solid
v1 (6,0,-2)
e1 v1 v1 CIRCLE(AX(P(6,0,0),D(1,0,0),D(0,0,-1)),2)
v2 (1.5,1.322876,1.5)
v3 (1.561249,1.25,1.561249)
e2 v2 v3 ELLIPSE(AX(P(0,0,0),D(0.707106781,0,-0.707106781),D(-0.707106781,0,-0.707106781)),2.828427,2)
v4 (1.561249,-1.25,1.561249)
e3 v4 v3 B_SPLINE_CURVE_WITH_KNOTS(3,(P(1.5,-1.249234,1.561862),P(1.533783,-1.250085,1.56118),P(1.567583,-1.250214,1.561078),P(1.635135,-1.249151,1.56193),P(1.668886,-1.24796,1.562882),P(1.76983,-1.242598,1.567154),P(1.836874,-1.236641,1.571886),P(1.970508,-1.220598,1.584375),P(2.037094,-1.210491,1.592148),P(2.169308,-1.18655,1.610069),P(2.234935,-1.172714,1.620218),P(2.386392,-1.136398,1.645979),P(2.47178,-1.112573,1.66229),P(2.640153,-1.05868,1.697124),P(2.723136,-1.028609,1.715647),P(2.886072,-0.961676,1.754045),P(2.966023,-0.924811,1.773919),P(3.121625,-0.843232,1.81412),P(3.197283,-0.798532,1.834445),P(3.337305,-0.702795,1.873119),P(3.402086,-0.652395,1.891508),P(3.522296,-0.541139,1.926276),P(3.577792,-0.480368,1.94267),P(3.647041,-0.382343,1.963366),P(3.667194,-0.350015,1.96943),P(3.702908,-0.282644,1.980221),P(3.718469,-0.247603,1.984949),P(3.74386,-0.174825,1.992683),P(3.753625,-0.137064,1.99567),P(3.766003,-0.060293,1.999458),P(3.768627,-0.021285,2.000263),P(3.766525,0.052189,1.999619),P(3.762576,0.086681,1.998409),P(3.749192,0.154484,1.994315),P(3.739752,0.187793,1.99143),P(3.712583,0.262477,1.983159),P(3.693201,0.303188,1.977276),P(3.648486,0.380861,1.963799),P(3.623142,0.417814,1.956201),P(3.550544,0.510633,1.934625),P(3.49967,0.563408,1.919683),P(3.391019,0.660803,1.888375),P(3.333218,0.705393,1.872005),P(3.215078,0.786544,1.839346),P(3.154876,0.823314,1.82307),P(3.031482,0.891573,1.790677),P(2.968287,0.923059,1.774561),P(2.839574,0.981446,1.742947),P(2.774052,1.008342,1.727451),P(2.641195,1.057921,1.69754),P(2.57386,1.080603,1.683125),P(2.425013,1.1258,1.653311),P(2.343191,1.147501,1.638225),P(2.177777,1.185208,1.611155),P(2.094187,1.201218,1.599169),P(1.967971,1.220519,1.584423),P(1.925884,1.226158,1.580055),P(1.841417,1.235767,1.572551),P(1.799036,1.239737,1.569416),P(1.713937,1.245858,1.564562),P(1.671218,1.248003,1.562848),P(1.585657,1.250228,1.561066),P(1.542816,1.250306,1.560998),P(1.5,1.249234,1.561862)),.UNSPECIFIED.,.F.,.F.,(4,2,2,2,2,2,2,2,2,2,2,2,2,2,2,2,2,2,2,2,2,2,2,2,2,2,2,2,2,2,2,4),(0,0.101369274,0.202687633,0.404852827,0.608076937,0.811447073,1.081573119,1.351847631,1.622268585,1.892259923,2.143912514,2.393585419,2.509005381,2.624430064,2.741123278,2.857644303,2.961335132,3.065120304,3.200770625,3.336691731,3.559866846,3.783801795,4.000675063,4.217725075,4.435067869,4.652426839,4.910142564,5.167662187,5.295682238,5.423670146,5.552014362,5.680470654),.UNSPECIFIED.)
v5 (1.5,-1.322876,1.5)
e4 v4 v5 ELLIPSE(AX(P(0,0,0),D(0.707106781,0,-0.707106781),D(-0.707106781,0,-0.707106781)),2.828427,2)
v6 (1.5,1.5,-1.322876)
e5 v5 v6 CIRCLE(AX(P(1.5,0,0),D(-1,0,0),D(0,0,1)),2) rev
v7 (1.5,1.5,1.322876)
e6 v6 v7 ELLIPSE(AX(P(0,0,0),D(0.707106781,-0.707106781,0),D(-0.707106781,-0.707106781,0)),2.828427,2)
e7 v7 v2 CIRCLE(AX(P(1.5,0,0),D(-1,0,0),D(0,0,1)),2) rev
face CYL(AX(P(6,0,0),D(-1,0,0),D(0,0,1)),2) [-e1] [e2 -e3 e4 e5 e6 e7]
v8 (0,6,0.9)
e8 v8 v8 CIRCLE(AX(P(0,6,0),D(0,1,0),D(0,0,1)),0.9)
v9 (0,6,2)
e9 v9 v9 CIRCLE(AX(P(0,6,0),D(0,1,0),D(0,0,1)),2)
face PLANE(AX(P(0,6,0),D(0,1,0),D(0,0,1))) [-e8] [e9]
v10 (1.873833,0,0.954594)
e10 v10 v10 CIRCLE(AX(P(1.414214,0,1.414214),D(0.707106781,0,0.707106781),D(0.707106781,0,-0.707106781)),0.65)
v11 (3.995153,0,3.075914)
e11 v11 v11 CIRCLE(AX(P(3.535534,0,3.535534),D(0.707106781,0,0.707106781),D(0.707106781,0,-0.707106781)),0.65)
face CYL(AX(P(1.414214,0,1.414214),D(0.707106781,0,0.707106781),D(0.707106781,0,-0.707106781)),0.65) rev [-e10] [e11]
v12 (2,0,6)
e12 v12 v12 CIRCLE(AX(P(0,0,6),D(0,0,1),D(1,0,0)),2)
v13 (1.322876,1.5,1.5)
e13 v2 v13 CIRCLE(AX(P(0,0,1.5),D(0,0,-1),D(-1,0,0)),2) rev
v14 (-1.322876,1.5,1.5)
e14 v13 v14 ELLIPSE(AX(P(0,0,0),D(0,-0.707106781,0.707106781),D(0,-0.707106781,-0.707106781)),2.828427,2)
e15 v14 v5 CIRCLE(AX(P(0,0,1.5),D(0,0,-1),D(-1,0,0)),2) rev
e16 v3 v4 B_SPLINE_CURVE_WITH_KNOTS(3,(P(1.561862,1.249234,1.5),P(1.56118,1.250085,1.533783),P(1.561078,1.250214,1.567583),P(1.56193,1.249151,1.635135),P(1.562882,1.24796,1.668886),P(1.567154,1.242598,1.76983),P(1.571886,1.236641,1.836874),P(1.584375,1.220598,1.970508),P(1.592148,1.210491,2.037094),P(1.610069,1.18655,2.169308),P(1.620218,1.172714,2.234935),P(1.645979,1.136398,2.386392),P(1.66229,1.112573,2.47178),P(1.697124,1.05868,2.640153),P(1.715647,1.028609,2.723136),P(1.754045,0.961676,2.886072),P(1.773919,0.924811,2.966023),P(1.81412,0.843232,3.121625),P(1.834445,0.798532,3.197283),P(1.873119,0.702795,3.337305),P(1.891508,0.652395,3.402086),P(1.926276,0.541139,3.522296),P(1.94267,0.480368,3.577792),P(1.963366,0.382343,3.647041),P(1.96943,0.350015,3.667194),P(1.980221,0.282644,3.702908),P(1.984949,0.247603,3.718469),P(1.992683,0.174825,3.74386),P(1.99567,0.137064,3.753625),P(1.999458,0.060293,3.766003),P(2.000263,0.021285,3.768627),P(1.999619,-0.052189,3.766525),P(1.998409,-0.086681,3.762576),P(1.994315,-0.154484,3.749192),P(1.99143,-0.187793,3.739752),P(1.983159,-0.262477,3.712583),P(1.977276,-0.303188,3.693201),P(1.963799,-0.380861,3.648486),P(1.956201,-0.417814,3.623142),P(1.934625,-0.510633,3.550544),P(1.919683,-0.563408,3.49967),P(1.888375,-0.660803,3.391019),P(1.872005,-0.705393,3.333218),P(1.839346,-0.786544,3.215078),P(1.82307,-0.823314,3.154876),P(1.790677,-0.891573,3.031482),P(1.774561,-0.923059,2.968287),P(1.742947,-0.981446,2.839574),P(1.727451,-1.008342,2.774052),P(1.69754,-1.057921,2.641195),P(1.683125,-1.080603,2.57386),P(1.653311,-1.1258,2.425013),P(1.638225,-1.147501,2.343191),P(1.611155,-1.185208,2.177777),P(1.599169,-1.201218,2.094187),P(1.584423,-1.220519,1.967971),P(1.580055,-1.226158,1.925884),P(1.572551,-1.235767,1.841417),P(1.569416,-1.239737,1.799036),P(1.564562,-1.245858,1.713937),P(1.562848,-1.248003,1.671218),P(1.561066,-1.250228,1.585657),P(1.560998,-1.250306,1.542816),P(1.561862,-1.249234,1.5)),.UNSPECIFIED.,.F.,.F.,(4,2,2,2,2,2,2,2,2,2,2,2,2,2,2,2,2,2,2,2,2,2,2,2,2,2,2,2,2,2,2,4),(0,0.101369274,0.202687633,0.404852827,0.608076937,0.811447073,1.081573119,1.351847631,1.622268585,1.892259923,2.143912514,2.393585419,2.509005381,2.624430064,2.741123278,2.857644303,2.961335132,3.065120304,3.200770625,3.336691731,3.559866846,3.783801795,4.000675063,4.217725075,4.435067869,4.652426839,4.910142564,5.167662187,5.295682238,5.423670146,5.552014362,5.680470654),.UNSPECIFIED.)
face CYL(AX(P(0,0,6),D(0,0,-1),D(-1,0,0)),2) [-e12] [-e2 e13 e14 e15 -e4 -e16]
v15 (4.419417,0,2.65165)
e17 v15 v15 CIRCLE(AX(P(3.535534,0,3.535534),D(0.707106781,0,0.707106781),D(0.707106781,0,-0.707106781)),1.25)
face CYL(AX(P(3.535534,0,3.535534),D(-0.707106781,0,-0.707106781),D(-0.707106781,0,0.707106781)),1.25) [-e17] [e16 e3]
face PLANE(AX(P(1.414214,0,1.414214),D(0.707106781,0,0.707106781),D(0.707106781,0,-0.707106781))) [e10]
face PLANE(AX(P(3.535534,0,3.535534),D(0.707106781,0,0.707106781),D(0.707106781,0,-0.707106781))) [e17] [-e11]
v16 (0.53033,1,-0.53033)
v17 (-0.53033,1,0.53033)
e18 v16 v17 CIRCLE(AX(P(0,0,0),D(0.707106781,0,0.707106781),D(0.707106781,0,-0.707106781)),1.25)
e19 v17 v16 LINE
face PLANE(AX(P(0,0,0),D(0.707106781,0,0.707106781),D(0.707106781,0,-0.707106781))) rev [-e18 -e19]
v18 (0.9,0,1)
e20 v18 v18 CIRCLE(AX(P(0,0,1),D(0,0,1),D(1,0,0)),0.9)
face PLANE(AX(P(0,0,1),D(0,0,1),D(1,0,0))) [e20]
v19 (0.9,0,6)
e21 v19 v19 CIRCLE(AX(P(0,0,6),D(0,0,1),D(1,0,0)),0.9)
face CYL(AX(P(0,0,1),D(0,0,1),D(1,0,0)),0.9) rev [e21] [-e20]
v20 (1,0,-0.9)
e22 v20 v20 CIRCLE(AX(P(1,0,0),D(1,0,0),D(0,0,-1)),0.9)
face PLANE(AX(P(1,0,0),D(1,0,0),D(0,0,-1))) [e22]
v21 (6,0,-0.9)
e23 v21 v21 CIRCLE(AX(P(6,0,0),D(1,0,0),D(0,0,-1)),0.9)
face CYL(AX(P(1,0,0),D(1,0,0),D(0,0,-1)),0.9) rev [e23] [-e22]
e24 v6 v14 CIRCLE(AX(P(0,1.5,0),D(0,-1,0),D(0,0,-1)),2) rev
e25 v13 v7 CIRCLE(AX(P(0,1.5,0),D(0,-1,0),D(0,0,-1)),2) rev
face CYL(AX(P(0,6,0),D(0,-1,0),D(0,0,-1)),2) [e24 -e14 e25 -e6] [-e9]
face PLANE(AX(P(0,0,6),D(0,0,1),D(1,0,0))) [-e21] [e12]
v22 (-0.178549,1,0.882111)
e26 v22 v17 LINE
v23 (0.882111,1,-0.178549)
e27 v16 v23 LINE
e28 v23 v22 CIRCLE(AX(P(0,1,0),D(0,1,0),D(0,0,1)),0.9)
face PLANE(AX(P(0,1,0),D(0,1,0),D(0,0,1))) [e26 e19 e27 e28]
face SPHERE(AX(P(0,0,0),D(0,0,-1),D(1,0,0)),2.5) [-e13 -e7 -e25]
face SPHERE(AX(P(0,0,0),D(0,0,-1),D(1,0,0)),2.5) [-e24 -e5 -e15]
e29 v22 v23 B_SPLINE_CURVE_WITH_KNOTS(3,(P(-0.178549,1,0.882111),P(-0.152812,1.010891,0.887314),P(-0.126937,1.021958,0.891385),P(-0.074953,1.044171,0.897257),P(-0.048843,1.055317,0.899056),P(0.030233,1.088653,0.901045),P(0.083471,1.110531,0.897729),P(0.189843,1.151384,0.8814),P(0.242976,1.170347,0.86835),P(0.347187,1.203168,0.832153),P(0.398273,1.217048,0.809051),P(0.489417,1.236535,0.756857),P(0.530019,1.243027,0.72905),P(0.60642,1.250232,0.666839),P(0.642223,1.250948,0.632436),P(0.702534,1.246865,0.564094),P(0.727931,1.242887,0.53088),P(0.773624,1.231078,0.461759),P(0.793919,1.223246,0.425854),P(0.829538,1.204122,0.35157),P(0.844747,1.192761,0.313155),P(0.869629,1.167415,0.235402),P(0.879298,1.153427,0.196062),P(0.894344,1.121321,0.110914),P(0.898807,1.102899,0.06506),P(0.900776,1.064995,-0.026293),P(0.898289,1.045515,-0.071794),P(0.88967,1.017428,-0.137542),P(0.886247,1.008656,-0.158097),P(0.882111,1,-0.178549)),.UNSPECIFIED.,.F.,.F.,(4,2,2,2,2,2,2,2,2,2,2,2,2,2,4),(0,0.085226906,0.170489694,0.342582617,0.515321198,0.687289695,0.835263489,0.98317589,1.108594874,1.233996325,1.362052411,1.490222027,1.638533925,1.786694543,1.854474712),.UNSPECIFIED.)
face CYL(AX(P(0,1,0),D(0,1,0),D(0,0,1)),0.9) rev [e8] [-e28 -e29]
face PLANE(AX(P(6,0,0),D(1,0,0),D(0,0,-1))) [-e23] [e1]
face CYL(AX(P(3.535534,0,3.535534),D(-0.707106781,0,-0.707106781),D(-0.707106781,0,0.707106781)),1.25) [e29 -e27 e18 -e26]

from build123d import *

# Parameters (mm, degrees)
SKETCH_2_R          = 2
EXTRUDE_1_DEPTH     = 6
SKETCH_3_R          = 2
EXTRUDE_2_DEPTH     = 6
SKETCH_4_R          = 2
EXTRUDE_3_DEPTH     = 6
SKETCH_6_R          = 0.9
CUT_EXTRUDE_1_DEPTH = 5
SKETCH_10_R         = 1.25
EXTRUDE_4_DEPTH     = 5
SKETCH_7_R          = 0.9
CUT_EXTRUDE_2_DEPTH = 5
SKETCH_8_R          = 0.9
CUT_EXTRUDE_3_DEPTH = 5
SKETCH_14_R         = 0.65
CUT_EXTRUDE_4_DEPTH = 3


with BuildPart() as part:
    # 草图2 → 凸台-拉伸1 (new body)
    with BuildSketch(Plane(origin=(0, 0, 0), x_dir=(1, 0, 0), z_dir=(0, 1, 0))):
        with Locations(Location((0, 0, 0), (0, 0, 270))):
            Circle(SKETCH_2_R)
    extrude(amount=EXTRUDE_1_DEPTH)

    # 草图3 → 凸台-拉伸2 (add)
    with BuildSketch(Plane.XY):
        Circle(SKETCH_3_R)
    extrude(amount=EXTRUDE_2_DEPTH)

    # 草图4 → 凸台-拉伸3 (add)
    with BuildSketch(Plane(origin=(0, 0, 0), x_dir=(0, 0, -1), z_dir=(1, 0, 0))):
        Circle(SKETCH_4_R)
    extrude(amount=EXTRUDE_3_DEPTH)

    # 草图5 → 旋转3 (revolve)
    with BuildSketch(Plane(origin=(0, 0, 0), x_dir=(1, 0, 0), z_dir=(0, 1, 0))):
        with BuildLine():
            Line((0, 2.5), (0, -2.5))
            ThreePointArc((0, -2.5), (-2.5, 0), (0, 2.5))
        make_face()
    revolve(axis=Axis((0, 0, -2.5), (0, 0, 1)))

    # 草图6 → 切除-拉伸1 (cut)
    with BuildSketch(Plane(origin=(0, 6, 0), x_dir=(1, 0, 0), z_dir=(0, 1, 0))):
        with Locations(Location((0, 0, 0), (0, 0, 270))):
            Circle(SKETCH_6_R)
    extrude(amount=-CUT_EXTRUDE_1_DEPTH, mode=Mode.SUBTRACT)

    # 草图10 → 凸台-拉伸4 (add)
    with BuildSketch(Plane(origin=(0, 0, 0), x_dir=(0.7071067811865461, 0, -0.707106781186549), z_dir=(0.707106781186549, 0, 0.7071067811865461))):
        with Locations(Location((0, 0, 0), (0, 0, 90.000016419))):
            Circle(SKETCH_10_R)
    extrude(amount=EXTRUDE_4_DEPTH)

    # 草图7 → 切除-拉伸2 (cut)
    with BuildSketch(Plane(origin=(6, 0, 0), x_dir=(0, 0, -1), z_dir=(1, 0, 0))):
        Circle(SKETCH_7_R)
    extrude(amount=-CUT_EXTRUDE_2_DEPTH, mode=Mode.SUBTRACT)

    # 草图8 → 切除-拉伸3 (cut)
    with BuildSketch(Plane.XY.offset(6)):
        Circle(SKETCH_8_R)
    extrude(amount=-CUT_EXTRUDE_3_DEPTH, mode=Mode.SUBTRACT)

    # 草图14 → 切除-拉伸4 (cut)
    with BuildSketch(Plane(origin=(3.535533906, 0, 3.535533906), x_dir=(0.7071067811865462, 0, -0.7071067811865489), z_dir=(0.7071067811865489, 0, 0.7071067811865462))):
        Circle(SKETCH_14_R)
    extrude(amount=-CUT_EXTRUDE_4_DEPTH, mode=Mode.SUBTRACT)


solid = part.part
